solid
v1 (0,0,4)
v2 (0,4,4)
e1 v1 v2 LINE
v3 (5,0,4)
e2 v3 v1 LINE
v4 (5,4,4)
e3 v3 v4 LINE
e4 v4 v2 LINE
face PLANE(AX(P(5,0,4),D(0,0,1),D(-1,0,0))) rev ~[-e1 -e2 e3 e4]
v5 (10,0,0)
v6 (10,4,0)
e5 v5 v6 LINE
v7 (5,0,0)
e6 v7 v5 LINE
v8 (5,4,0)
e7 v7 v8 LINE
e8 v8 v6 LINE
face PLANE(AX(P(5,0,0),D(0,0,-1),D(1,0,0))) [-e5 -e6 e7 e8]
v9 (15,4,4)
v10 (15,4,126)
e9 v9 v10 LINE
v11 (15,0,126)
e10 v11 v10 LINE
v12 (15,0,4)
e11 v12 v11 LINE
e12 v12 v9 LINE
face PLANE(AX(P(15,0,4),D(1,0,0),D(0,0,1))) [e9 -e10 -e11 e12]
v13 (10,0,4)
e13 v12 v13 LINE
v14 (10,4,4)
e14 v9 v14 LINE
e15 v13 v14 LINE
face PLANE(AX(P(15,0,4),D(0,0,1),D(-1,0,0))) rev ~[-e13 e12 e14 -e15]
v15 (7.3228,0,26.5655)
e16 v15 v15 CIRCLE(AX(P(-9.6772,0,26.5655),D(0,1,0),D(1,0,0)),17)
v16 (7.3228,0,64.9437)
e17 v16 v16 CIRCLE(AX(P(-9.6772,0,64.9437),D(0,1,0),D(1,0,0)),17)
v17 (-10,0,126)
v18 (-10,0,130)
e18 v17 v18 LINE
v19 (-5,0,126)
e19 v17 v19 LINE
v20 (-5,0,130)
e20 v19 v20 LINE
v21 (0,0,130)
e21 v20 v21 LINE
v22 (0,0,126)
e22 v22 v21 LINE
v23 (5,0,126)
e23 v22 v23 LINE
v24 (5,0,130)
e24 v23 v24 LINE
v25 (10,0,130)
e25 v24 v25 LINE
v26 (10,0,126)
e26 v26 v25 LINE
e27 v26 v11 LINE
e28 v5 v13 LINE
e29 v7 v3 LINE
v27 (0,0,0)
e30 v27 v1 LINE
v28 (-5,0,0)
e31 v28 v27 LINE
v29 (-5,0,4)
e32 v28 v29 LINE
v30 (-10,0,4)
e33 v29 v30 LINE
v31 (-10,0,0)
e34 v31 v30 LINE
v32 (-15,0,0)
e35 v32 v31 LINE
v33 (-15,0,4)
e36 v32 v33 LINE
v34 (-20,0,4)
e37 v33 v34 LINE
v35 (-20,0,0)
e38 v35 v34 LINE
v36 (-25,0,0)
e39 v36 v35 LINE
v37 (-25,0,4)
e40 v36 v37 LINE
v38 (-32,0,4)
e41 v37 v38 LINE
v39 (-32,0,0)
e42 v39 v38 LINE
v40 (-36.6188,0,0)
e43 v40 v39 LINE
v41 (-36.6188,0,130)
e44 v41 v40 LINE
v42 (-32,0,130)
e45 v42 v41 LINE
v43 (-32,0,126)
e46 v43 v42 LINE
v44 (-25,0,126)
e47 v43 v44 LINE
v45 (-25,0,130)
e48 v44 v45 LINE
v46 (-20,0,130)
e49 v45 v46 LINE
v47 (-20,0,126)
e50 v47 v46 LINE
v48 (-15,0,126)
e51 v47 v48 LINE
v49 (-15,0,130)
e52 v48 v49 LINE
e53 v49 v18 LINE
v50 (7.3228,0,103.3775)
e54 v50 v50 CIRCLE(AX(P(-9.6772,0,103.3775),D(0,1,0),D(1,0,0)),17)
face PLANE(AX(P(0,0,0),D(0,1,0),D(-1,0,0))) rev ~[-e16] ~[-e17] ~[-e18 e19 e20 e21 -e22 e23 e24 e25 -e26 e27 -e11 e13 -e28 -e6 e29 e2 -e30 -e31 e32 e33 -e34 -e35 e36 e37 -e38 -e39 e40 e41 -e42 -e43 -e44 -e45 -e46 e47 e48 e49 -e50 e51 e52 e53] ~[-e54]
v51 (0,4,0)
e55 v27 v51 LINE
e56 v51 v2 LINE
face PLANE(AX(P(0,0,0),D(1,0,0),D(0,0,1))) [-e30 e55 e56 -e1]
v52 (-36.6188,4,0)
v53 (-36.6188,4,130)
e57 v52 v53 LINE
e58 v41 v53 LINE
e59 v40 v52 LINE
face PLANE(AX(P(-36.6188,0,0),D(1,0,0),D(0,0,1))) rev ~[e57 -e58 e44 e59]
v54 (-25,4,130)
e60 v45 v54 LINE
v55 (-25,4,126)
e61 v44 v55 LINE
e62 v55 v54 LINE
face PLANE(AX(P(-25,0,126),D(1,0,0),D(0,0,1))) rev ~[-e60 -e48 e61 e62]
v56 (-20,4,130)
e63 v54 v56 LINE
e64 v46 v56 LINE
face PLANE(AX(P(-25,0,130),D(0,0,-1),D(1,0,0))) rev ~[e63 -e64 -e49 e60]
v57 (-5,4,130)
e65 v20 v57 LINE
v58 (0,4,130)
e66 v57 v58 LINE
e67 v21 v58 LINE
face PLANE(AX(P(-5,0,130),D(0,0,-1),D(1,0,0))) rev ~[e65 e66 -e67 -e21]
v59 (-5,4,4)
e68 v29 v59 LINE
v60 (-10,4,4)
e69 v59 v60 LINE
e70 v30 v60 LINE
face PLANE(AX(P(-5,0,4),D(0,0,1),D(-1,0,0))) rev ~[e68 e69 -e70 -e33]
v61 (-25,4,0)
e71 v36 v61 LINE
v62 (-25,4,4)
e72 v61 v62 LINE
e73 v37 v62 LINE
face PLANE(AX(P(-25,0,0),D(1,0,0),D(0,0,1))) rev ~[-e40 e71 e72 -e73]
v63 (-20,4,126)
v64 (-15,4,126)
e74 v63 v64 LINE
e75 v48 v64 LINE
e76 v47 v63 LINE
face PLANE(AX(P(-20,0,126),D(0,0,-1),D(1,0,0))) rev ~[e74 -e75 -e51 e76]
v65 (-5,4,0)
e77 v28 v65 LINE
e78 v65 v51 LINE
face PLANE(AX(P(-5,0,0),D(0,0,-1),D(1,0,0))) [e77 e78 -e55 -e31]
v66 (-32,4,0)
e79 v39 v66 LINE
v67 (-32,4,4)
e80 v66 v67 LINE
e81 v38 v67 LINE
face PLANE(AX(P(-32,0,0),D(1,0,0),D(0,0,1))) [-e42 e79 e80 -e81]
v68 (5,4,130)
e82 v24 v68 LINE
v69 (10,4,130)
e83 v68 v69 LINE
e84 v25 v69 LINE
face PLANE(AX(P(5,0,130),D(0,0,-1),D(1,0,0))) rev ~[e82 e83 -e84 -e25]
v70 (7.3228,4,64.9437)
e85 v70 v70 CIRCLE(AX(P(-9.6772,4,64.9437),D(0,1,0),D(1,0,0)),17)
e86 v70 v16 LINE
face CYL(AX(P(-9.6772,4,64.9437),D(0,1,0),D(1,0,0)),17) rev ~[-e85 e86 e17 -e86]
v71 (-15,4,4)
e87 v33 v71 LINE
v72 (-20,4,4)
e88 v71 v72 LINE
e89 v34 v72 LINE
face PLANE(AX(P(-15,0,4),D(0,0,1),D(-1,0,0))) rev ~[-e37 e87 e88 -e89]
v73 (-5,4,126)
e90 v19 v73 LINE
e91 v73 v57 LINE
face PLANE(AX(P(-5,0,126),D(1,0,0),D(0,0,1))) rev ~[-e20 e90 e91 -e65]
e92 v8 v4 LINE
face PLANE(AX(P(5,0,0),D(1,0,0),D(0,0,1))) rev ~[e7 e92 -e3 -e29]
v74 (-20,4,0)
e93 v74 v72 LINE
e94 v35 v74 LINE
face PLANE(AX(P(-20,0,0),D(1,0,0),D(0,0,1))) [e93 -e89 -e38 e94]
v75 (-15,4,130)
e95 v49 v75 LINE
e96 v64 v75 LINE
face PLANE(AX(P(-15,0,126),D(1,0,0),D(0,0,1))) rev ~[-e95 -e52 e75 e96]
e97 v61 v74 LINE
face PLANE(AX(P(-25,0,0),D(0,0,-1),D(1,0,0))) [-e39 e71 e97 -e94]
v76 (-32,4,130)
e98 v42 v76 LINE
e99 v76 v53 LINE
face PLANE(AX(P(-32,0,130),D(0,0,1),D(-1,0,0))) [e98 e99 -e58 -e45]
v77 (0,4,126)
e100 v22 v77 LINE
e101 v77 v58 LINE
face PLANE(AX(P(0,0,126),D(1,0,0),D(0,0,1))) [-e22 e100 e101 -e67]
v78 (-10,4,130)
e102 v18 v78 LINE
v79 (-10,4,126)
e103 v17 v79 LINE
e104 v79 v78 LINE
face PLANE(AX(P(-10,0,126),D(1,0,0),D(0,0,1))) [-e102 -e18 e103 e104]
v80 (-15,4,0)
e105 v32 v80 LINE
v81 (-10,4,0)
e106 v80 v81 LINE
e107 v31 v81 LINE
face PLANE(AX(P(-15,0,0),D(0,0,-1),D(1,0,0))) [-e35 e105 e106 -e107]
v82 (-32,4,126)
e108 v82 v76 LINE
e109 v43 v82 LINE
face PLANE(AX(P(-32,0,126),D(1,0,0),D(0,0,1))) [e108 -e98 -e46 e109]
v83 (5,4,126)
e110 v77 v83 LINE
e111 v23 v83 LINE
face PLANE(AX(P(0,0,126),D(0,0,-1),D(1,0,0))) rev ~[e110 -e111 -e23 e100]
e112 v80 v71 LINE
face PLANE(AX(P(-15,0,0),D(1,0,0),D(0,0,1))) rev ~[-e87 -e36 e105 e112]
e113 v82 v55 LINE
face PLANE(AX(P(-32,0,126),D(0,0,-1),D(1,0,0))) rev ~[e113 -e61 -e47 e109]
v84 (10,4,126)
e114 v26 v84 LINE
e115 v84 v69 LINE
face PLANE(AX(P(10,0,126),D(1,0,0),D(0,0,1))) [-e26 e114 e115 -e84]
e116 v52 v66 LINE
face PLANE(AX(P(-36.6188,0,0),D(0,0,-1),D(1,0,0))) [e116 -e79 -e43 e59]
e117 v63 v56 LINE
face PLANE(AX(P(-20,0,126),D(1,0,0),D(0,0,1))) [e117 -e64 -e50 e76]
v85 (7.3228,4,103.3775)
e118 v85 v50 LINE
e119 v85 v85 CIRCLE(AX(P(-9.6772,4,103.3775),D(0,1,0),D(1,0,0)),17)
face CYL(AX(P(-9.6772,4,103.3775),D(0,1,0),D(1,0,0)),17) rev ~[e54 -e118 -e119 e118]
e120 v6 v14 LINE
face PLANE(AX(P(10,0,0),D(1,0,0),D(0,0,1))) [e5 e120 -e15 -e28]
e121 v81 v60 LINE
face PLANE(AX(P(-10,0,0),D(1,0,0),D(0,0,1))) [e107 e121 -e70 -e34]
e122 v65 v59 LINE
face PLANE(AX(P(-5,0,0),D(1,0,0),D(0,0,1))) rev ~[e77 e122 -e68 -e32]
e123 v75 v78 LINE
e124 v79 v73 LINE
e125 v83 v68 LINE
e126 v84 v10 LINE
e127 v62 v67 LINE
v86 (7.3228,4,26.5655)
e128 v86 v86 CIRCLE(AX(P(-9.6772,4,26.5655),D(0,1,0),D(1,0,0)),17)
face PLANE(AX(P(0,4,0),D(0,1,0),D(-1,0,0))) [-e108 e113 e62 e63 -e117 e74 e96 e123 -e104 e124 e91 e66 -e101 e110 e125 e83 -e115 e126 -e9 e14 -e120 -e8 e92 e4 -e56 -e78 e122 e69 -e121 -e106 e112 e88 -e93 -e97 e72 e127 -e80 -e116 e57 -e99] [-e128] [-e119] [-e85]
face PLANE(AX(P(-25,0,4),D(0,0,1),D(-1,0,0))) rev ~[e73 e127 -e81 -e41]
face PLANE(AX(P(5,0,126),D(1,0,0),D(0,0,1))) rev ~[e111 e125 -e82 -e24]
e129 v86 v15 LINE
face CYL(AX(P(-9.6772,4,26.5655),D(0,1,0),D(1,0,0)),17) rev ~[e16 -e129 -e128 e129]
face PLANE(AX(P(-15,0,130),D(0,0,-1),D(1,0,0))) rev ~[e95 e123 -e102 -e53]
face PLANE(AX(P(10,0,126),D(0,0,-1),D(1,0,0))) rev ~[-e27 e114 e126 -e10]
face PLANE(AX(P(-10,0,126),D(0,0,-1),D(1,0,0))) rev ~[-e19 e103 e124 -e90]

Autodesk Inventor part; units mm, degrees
ref_plane "YZ Plane" through (0, 0, 0) normal (1, 0, 0) x (0, 1, 0)
ref_plane "XZ Plane" through (0, 0, 0) normal (0, 1, 0) x (-1, 0, 0)
sketch "Sketch1" plane through (0, 0, 0) normal (0, 1, 0) x (-1, 0, 0)
  line L0 (-15, 0) -> (-15, 130)
  line L1 (-10, 0) -> (-10, 4)
  line L2 (-15, 4) -> (-10, 4)
  line L3 (-5, 0) -> (-10, 0)
  line L4 (-5, 0) -> (-5, 4)
  line L5 (-5, 4) -> (0, 4)
  line L6 (0, 0) -> (0, 4)
  line L7 (5, 0) -> (0, 0)
  line L8 (5, 0) -> (5, 4)
  line L9 (5, 4) -> (10, 4)
  line L10 (10, 0) -> (10, 4)
  line L11 (15, 0) -> (10, 0)
  line L12 (15, 0) -> (15, 4)
  line L13 (15, 4) -> (20, 4)
  line L14 (25, 0) -> (20, 0)
  line L15 (20, 0) -> (20, 4)
  line L16 (25, 0) -> (25, 4)
  line L17 (25, 4) -> (32, 4)
  line L18 (32, 0) -> (32, 4)
  line L19 (36.6188, 0) -> (32, 0)
  line L20 (36.6188, 0) -> (36.6188, 4)
  line L21 (36.6188, 4) -> (36.6188, 126)
  line L22 (36.6188, 126) -> (36.6188, 130)
  line L23 (32, 130) -> (36.6188, 130)
  line L24 (32, 126) -> (32, 130)
  line L25 (32, 126) -> (25, 126)
  line L26 (25, 126) -> (25, 130)
  line L27 (25, 130) -> (20, 130)
  line L28 (20, 126) -> (20, 130)
  line L29 (20, 126) -> (15, 126)
  line L30 (15, 126) -> (15, 130)
  line L31 (15, 130) -> (10, 130)
  line L32 (10, 126) -> (10, 130)
  line L33 (10, 126) -> (5, 126)
  line L34 (5, 126) -> (5, 130)
  line L35 (5, 130) -> (0, 130)
  line L36 (0, 126) -> (0, 130)
  line L37 (0, 126) -> (-5, 126)
  line L38 (-5, 126) -> (-5, 130)
  line L39 (-5, 130) -> (-10, 130)
  line L40 (-10, 126) -> (-10, 130)
  line L41 (-10, 126) -> (-15, 126)
extrude "Extrusion1" add sketch "Sketch1" along normal blind 4
ref_plane "Work Plane1" through (15, 4, 130) normal (0.5, 0.866, 0) x (0, 0, -1)
sketch "Sketch5" plane through (0, 4, 0) normal (0, 1, 0) x (1, 0, 0)
  line L0 (10, 0) -> (5, 0) projected
  line L1 (5, 0) -> (5, -4) projected
  line L2 (5, -4) -> (0, -4) projected
  line L3 (0, -4) -> (0, 0) projected
  line L4 (0, 0) -> (-5, 0) projected
  line L5 (-5, 0) -> (-5, -4) projected
  line L6 (-5, -4) -> (-10, -4) projected
  line L7 (-10, -4) -> (-10, 0) projected
  line L8 (-10, 0) -> (-15, 0) projected
  line L9 (-15, 0) -> (-15, -4) projected
  line L10 (-15, -4) -> (-20, -4) projected
  line L11 (-20, -4) -> (-20, 0) projected
  line L12 (-20, 0) -> (-25, 0) projected
  line L13 (-25, 0) -> (-25, -4) projected
  line L14 (-25, -4) -> (-32, -4) projected
  line L15 (-32, -4) -> (-32, 0) projected
  line L16 (-32, 0) -> (-36.6188, 0) projected
  line L17 (-36.6188, 0) -> (-36.6188, -130) projected
  line L18 (-36.6188, -130) -> (-32, -130) projected
  line L19 (-32, -130) -> (-32, -126) projected
  line L20 (-32, -126) -> (-25, -126) projected
  line L21 (-25, -126) -> (-25, -130) projected
  line L22 (-25, -130) -> (-20, -130) projected
  line L23 (-20, -130) -> (-20, -126) projected
  line L24 (-20, -126) -> (-15, -126) projected
  line L25 (-15, -126) -> (-15, -130) projected
  line L26 (-15, -130) -> (-10, -130) projected
  line L27 (-10, -130) -> (-10, -126) projected
  line L28 (-10, -126) -> (-5, -126) projected
  line L29 (-5, -126) -> (-5, -130) projected
  line L30 (-5, -130) -> (0, -130) projected
  line L31 (0, -130) -> (0, -126) projected
  line L32 (0, -126) -> (5, -126) projected
  line L33 (5, -126) -> (5, -130) projected
  line L34 (5, -130) -> (10, -130) projected
  line L35 (10, -130) -> (10, -126) projected
  line L36 (10, -126) -> (15, -126) projected
  line L37 (15, -126) -> (15, -4) projected
  line L38 (15, -4) -> (10, -4) projected
  line L39 (10, -4) -> (10, 0) projected
sketch "Sketch6" plane through (0, 4, 0) normal (0, 1, 0) x (1, 0, 0)
  circle A0 centre (-9.6772, -26.5655) radius 17
  circle A1 centre (-9.6772, -64.9437) radius 17
  circle A2 centre (-9.6772, -103.3775) radius 17
  point P0 (0, 0)
  dimension "d16" = 34
  dimension "d17" = 34
  dimension "d18" = 34
extrude "Extrusion4" cut sketch "Sketch6" against normal blind 5.5
properties part number "Angle Cover"
